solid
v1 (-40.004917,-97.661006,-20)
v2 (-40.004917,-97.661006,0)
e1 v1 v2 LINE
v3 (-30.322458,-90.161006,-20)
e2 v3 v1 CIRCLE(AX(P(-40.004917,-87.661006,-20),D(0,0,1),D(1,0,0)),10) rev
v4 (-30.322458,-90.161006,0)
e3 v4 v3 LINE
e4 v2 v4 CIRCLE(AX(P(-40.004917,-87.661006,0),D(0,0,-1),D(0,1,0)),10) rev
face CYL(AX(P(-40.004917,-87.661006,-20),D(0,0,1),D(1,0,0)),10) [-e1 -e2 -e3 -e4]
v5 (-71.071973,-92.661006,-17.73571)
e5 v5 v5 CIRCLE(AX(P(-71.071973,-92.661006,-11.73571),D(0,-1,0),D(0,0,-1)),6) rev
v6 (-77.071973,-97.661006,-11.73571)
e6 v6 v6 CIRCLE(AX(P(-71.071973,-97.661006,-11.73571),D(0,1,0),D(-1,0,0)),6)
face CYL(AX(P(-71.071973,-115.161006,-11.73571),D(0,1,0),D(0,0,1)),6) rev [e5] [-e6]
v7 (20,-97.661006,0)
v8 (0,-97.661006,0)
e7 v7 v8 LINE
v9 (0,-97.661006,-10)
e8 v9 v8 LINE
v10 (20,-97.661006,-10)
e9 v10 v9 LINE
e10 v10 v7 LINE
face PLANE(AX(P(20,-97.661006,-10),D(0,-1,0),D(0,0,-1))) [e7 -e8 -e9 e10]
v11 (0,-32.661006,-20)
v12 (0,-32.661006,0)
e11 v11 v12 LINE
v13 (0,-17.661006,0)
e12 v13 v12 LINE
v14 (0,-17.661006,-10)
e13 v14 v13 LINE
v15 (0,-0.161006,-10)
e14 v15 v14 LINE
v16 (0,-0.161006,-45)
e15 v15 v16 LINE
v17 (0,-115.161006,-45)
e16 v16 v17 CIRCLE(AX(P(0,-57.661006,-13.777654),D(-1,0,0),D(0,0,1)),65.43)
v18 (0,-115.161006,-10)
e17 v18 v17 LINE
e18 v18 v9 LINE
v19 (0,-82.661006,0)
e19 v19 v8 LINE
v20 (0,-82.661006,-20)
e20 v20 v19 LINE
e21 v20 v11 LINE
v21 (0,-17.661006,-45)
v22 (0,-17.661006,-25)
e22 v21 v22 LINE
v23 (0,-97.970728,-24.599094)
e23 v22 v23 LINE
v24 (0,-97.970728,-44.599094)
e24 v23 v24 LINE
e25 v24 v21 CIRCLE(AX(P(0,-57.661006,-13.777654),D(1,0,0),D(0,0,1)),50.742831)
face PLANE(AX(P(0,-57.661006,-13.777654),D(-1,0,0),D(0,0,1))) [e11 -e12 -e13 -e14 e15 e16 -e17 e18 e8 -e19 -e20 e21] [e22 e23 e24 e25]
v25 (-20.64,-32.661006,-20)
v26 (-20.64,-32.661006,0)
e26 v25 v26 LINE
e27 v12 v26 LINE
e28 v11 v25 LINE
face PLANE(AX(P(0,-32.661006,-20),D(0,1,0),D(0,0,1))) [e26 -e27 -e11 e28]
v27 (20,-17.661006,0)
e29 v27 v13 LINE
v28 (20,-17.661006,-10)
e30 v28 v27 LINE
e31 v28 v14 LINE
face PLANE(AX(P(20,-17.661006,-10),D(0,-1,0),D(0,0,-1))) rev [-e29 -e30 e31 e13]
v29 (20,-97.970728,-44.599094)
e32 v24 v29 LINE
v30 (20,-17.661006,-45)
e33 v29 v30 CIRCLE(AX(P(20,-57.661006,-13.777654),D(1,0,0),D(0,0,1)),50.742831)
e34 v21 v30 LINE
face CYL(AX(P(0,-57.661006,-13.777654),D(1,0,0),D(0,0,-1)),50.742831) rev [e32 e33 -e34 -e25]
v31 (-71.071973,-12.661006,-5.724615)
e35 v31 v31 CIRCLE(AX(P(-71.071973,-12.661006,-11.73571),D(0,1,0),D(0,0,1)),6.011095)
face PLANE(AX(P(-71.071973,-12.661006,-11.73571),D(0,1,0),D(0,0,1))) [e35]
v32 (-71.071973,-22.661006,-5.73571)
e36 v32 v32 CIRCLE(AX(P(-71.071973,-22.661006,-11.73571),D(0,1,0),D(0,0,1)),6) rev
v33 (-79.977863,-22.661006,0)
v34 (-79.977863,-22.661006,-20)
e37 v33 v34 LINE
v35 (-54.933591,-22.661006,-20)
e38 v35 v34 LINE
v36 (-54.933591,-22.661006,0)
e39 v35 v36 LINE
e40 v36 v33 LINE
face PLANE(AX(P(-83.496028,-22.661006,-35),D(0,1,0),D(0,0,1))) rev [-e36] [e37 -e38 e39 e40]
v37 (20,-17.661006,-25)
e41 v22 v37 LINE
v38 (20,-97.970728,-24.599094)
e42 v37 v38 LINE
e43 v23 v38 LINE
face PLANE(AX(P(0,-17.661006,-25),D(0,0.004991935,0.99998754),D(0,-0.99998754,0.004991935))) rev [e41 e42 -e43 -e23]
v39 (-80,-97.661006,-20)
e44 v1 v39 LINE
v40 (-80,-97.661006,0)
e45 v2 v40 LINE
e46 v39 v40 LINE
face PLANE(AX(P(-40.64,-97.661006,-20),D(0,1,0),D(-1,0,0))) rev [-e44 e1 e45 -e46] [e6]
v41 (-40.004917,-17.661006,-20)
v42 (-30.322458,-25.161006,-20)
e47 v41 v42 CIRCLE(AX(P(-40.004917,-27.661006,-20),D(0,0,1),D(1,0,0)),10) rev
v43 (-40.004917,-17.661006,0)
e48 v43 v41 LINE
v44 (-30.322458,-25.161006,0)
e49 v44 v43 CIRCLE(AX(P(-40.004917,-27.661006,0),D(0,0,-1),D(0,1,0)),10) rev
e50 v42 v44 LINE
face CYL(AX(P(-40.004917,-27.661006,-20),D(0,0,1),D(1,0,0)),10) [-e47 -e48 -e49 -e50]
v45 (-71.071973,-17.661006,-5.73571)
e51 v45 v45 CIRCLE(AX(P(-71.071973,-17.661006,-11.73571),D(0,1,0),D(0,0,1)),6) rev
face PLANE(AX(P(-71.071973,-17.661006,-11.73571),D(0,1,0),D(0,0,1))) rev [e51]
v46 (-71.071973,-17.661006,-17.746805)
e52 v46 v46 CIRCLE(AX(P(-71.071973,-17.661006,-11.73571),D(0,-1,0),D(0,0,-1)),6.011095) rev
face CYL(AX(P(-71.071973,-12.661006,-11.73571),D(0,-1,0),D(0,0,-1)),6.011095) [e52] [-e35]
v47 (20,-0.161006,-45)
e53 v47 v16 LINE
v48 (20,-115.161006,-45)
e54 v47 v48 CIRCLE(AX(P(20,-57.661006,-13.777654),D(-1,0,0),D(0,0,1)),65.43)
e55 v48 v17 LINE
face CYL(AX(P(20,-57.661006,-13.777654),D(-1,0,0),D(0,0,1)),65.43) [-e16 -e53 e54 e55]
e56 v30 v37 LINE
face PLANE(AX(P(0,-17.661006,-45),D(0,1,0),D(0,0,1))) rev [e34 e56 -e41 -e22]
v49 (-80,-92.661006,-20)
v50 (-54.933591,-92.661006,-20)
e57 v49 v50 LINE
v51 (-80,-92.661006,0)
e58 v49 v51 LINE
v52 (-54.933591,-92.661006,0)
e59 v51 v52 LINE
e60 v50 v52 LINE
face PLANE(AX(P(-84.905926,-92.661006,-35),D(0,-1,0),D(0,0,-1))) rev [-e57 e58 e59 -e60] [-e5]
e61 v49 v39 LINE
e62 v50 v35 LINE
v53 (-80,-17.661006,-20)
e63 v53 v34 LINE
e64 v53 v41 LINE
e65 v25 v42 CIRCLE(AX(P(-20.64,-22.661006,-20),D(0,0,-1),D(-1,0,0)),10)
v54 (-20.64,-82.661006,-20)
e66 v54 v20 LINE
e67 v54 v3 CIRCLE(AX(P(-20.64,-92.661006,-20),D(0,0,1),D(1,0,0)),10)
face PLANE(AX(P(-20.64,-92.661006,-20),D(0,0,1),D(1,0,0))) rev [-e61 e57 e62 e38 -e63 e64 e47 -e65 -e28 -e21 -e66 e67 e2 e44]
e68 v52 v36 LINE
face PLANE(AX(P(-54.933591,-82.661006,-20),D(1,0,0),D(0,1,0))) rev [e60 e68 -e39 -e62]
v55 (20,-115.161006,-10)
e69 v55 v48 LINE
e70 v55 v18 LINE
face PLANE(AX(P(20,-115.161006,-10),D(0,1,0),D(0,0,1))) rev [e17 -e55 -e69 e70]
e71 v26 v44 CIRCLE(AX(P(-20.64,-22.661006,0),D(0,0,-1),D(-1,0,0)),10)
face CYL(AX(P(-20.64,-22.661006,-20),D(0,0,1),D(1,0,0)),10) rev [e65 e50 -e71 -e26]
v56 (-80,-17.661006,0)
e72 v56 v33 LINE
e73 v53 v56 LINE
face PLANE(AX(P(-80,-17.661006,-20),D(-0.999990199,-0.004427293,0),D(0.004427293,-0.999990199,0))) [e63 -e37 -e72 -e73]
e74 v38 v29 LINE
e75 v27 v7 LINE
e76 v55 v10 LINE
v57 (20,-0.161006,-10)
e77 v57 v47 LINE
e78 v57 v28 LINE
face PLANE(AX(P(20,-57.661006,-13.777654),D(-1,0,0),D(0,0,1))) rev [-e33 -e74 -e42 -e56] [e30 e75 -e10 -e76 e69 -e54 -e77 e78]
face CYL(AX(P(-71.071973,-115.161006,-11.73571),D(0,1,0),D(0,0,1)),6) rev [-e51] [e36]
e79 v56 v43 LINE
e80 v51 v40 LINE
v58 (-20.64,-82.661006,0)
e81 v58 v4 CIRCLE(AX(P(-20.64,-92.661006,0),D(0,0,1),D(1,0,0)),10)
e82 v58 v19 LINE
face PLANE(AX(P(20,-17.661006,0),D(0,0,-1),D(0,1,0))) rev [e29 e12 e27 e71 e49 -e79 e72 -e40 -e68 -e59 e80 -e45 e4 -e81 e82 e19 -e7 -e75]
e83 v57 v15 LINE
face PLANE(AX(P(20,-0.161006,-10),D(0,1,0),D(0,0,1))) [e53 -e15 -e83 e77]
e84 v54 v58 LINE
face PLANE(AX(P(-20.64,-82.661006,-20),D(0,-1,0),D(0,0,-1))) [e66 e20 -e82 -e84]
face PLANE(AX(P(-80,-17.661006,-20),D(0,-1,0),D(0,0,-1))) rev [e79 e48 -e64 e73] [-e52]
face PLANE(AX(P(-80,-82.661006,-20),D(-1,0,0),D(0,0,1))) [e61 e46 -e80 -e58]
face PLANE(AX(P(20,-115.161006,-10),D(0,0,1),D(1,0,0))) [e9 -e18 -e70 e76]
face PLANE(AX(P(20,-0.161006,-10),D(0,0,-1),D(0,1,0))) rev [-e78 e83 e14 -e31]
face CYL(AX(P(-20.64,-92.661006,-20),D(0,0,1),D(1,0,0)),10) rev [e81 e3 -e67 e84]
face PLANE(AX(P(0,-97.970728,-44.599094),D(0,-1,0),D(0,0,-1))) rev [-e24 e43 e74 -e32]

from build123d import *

# Parameters (mm, degrees)
BOSS_EXTRUDE3_DEPTH = 20
CUT_EXTRUDE3_DEPTH  = 20
BOSS_EXTRUDE4_DEPTH = 20
SKETCH5_W           = 10
SKETCH5_H           = 5
EXTRUDE_THIN1_DEPTH = 20
FILLET1_R           = 10
FILLET2_R           = 10
SKETCH6_R           = 6
CUT_EXTRUDE5_DEPTH  = 98.5
SKETCH7_W           = 25.027670854
SKETCH7_H           = 6.25
SKETCH7_W_2         = 25.066409398
CUT_EXTRUDE6_DEPTH  = 80.207653836
SKETCH8_R           = 6.011095122
BOSS_EXTRUDE6_DEPTH = 5
CUT_EXTRUDE9_DEPTH  = 35


with BuildPart() as part:
    # Sketch1 → Boss-Extrude3 (new body)
    with BuildSketch(Plane(origin=(0, 0, 0), x_dir=(0, 0, -1), z_dir=(1, 0, 0))):
        with BuildLine():
            Line((0, -17.661005955), (0, -97.661005955))
            Line((0, -97.661005955), (10, -97.661005955))
            Line((10, -97.661005955), (10, -115.161005955))
            Line((10, -115.161005955), (45, -115.161005955))
            ThreePointArc((45, -115.161005955), (79.207653836, -57.661005955), (45, -0.161005955))
            Line((45, -0.161005955), (10, -0.161005955))
            Line((10, -0.161005955), (10, -17.661005955))
            Line((10, -17.661005955), (0, -17.661005955))
        make_face()
    extrude(amount=BOSS_EXTRUDE3_DEPTH)

    # Sketch3 → Cut-Extrude3 (cut)
    with BuildSketch(Plane(origin=(20, 0, 0), x_dir=(0, 0, -1), z_dir=(1, 0, 0))):
        with BuildLine():
            Line((45, -17.661005955), (25, -17.661005955))
            Line((25, -17.661005955), (24.599094088, -97.970728365))
            Line((24.599094088, -97.970728365), (44.599094088, -97.970728365))
            ThreePointArc((44.599094088, -97.970728365), (64.519852612, -57.914310871), (45, -17.661005955))
        make_face()
    extrude(amount=-CUT_EXTRUDE3_DEPTH, mode=Mode.SUBTRACT)

    # Sketch4 → Boss-Extrude4 (add)
    with BuildSketch(Plane.XY):
        with BuildLine():
            Line((0, -17.661005955), (0, -32.661005955))
            Line((0, -32.661005955), (-20.64, -32.661005955))
            ThreePointArc((-20.64, -32.661005955), (-27.711067812, -29.732073767), (-30.64, -22.661005955))
            Line((-30.64, -22.661005955), (-40.64, -22.661005955))
            Line((-40.64, -22.661005955), (-40.64, -17.661005955))
            Line((-40.64, -17.661005955), (-80, -17.661005955))
            Line((-80, -17.661005955), (-79.933590602, -32.660858947))
            Line((-79.933590602, -32.660858947), (-54.933590602, -32.660858947))
            Line((-54.933590602, -32.660858947), (-54.933590602, -82.661005955))
            Line((-54.933590602, -82.661005955), (-80, -82.661005955))
            Line((-80, -82.661005955), (-80, -97.661005955))
            Line((-80, -97.661005955), (-40.64, -97.661005955))
            Line((-40.64, -97.661005955), (-40.64, -92.661005955))
            Line((-40.64, -92.661005955), (-30.64, -92.661005955))
            ThreePointArc((-30.64, -92.661005955), (-27.711067812, -85.589938143), (-20.64, -82.661005955))
            Line((-20.64, -82.661005955), (0, -82.661005955))
            Line((0, -82.661005955), (0, -97.661005955))
            Line((0, -97.661005955), (20, -97.661005955))
            Line((20, -97.661005955), (20, -17.661005955))
            Line((20, -17.661005955), (0, -17.661005955))
        make_face()
    extrude(amount=-BOSS_EXTRUDE4_DEPTH)

    # Sketch5 → Extrude-Thin1 (add)
    with BuildSketch(Plane.XY):
        with Locations((-35.64, -20.161005955)):
            Rectangle(SKETCH5_W, SKETCH5_H)
        with Locations((-35.64, -95.161005955)):
            Rectangle(SKETCH5_W, SKETCH5_H)
    extrude(amount=-EXTRUDE_THIN1_DEPTH)

    # Fillet1
    fillet1_edges = [part.edges().sort_by_distance(p)[0] for p in [
        (-30.64, -22.661005955, -10),
        (-30.64, -17.661005955, -10),
    ]]
    fillet(fillet1_edges, radius=FILLET1_R)

    # Fillet2
    fillet2_edges = [part.edges().sort_by_distance(p)[0] for p in [
        (-30.64, -97.661005955, -10),
        (-30.64, -92.661005955, -10),
    ]]
    fillet(fillet2_edges, radius=FILLET2_R)

    # Sketch6 → Cut-Extrude5 (cut, through all)
    with BuildSketch(Plane(origin=(0, -17.661005955, 0), x_dir=(1, 0, 0), z_dir=(0, 1, 0))):
        with Locations((-71.071972719, 11.735710253)):
            Circle(SKETCH6_R)
    extrude(amount=-CUT_EXTRUDE5_DEPTH, mode=Mode.SUBTRACT)

    # Sketch7 → Cut-Extrude6 (cut, through all)
    with BuildSketch(Plane.XY):
        with Locations((-67.447426029, -29.535858947)):
            Rectangle(SKETCH7_W, SKETCH7_H)
        with Locations((-67.466795301, -85.786005955)):
            Rectangle(SKETCH7_W_2, SKETCH7_H)
    extrude(amount=-CUT_EXTRUDE6_DEPTH, mode=Mode.SUBTRACT)

    # Sketch8 → Boss-Extrude6 (add)
    with BuildSketch(Plane(origin=(0, -17.661005955, 0), x_dir=(1, 0, 0), z_dir=(0, 1, 0))):
        with Locations((-71.071972719, 11.735710253)):
            Circle(SKETCH8_R)
    extrude(amount=BOSS_EXTRUDE6_DEPTH)

    # Sketch9 → Cut-Extrude9 (cut)
    with BuildSketch(Plane.XY):
        Polygon((-83.496027852, -22.661005955), (-54.933590602, -22.661005955), (-54.933590602, -92.661005955), (-84.905926437, -92.661005955), align=None)
    extrude(amount=-CUT_EXTRUDE9_DEPTH, mode=Mode.SUBTRACT)


solid = part.part
